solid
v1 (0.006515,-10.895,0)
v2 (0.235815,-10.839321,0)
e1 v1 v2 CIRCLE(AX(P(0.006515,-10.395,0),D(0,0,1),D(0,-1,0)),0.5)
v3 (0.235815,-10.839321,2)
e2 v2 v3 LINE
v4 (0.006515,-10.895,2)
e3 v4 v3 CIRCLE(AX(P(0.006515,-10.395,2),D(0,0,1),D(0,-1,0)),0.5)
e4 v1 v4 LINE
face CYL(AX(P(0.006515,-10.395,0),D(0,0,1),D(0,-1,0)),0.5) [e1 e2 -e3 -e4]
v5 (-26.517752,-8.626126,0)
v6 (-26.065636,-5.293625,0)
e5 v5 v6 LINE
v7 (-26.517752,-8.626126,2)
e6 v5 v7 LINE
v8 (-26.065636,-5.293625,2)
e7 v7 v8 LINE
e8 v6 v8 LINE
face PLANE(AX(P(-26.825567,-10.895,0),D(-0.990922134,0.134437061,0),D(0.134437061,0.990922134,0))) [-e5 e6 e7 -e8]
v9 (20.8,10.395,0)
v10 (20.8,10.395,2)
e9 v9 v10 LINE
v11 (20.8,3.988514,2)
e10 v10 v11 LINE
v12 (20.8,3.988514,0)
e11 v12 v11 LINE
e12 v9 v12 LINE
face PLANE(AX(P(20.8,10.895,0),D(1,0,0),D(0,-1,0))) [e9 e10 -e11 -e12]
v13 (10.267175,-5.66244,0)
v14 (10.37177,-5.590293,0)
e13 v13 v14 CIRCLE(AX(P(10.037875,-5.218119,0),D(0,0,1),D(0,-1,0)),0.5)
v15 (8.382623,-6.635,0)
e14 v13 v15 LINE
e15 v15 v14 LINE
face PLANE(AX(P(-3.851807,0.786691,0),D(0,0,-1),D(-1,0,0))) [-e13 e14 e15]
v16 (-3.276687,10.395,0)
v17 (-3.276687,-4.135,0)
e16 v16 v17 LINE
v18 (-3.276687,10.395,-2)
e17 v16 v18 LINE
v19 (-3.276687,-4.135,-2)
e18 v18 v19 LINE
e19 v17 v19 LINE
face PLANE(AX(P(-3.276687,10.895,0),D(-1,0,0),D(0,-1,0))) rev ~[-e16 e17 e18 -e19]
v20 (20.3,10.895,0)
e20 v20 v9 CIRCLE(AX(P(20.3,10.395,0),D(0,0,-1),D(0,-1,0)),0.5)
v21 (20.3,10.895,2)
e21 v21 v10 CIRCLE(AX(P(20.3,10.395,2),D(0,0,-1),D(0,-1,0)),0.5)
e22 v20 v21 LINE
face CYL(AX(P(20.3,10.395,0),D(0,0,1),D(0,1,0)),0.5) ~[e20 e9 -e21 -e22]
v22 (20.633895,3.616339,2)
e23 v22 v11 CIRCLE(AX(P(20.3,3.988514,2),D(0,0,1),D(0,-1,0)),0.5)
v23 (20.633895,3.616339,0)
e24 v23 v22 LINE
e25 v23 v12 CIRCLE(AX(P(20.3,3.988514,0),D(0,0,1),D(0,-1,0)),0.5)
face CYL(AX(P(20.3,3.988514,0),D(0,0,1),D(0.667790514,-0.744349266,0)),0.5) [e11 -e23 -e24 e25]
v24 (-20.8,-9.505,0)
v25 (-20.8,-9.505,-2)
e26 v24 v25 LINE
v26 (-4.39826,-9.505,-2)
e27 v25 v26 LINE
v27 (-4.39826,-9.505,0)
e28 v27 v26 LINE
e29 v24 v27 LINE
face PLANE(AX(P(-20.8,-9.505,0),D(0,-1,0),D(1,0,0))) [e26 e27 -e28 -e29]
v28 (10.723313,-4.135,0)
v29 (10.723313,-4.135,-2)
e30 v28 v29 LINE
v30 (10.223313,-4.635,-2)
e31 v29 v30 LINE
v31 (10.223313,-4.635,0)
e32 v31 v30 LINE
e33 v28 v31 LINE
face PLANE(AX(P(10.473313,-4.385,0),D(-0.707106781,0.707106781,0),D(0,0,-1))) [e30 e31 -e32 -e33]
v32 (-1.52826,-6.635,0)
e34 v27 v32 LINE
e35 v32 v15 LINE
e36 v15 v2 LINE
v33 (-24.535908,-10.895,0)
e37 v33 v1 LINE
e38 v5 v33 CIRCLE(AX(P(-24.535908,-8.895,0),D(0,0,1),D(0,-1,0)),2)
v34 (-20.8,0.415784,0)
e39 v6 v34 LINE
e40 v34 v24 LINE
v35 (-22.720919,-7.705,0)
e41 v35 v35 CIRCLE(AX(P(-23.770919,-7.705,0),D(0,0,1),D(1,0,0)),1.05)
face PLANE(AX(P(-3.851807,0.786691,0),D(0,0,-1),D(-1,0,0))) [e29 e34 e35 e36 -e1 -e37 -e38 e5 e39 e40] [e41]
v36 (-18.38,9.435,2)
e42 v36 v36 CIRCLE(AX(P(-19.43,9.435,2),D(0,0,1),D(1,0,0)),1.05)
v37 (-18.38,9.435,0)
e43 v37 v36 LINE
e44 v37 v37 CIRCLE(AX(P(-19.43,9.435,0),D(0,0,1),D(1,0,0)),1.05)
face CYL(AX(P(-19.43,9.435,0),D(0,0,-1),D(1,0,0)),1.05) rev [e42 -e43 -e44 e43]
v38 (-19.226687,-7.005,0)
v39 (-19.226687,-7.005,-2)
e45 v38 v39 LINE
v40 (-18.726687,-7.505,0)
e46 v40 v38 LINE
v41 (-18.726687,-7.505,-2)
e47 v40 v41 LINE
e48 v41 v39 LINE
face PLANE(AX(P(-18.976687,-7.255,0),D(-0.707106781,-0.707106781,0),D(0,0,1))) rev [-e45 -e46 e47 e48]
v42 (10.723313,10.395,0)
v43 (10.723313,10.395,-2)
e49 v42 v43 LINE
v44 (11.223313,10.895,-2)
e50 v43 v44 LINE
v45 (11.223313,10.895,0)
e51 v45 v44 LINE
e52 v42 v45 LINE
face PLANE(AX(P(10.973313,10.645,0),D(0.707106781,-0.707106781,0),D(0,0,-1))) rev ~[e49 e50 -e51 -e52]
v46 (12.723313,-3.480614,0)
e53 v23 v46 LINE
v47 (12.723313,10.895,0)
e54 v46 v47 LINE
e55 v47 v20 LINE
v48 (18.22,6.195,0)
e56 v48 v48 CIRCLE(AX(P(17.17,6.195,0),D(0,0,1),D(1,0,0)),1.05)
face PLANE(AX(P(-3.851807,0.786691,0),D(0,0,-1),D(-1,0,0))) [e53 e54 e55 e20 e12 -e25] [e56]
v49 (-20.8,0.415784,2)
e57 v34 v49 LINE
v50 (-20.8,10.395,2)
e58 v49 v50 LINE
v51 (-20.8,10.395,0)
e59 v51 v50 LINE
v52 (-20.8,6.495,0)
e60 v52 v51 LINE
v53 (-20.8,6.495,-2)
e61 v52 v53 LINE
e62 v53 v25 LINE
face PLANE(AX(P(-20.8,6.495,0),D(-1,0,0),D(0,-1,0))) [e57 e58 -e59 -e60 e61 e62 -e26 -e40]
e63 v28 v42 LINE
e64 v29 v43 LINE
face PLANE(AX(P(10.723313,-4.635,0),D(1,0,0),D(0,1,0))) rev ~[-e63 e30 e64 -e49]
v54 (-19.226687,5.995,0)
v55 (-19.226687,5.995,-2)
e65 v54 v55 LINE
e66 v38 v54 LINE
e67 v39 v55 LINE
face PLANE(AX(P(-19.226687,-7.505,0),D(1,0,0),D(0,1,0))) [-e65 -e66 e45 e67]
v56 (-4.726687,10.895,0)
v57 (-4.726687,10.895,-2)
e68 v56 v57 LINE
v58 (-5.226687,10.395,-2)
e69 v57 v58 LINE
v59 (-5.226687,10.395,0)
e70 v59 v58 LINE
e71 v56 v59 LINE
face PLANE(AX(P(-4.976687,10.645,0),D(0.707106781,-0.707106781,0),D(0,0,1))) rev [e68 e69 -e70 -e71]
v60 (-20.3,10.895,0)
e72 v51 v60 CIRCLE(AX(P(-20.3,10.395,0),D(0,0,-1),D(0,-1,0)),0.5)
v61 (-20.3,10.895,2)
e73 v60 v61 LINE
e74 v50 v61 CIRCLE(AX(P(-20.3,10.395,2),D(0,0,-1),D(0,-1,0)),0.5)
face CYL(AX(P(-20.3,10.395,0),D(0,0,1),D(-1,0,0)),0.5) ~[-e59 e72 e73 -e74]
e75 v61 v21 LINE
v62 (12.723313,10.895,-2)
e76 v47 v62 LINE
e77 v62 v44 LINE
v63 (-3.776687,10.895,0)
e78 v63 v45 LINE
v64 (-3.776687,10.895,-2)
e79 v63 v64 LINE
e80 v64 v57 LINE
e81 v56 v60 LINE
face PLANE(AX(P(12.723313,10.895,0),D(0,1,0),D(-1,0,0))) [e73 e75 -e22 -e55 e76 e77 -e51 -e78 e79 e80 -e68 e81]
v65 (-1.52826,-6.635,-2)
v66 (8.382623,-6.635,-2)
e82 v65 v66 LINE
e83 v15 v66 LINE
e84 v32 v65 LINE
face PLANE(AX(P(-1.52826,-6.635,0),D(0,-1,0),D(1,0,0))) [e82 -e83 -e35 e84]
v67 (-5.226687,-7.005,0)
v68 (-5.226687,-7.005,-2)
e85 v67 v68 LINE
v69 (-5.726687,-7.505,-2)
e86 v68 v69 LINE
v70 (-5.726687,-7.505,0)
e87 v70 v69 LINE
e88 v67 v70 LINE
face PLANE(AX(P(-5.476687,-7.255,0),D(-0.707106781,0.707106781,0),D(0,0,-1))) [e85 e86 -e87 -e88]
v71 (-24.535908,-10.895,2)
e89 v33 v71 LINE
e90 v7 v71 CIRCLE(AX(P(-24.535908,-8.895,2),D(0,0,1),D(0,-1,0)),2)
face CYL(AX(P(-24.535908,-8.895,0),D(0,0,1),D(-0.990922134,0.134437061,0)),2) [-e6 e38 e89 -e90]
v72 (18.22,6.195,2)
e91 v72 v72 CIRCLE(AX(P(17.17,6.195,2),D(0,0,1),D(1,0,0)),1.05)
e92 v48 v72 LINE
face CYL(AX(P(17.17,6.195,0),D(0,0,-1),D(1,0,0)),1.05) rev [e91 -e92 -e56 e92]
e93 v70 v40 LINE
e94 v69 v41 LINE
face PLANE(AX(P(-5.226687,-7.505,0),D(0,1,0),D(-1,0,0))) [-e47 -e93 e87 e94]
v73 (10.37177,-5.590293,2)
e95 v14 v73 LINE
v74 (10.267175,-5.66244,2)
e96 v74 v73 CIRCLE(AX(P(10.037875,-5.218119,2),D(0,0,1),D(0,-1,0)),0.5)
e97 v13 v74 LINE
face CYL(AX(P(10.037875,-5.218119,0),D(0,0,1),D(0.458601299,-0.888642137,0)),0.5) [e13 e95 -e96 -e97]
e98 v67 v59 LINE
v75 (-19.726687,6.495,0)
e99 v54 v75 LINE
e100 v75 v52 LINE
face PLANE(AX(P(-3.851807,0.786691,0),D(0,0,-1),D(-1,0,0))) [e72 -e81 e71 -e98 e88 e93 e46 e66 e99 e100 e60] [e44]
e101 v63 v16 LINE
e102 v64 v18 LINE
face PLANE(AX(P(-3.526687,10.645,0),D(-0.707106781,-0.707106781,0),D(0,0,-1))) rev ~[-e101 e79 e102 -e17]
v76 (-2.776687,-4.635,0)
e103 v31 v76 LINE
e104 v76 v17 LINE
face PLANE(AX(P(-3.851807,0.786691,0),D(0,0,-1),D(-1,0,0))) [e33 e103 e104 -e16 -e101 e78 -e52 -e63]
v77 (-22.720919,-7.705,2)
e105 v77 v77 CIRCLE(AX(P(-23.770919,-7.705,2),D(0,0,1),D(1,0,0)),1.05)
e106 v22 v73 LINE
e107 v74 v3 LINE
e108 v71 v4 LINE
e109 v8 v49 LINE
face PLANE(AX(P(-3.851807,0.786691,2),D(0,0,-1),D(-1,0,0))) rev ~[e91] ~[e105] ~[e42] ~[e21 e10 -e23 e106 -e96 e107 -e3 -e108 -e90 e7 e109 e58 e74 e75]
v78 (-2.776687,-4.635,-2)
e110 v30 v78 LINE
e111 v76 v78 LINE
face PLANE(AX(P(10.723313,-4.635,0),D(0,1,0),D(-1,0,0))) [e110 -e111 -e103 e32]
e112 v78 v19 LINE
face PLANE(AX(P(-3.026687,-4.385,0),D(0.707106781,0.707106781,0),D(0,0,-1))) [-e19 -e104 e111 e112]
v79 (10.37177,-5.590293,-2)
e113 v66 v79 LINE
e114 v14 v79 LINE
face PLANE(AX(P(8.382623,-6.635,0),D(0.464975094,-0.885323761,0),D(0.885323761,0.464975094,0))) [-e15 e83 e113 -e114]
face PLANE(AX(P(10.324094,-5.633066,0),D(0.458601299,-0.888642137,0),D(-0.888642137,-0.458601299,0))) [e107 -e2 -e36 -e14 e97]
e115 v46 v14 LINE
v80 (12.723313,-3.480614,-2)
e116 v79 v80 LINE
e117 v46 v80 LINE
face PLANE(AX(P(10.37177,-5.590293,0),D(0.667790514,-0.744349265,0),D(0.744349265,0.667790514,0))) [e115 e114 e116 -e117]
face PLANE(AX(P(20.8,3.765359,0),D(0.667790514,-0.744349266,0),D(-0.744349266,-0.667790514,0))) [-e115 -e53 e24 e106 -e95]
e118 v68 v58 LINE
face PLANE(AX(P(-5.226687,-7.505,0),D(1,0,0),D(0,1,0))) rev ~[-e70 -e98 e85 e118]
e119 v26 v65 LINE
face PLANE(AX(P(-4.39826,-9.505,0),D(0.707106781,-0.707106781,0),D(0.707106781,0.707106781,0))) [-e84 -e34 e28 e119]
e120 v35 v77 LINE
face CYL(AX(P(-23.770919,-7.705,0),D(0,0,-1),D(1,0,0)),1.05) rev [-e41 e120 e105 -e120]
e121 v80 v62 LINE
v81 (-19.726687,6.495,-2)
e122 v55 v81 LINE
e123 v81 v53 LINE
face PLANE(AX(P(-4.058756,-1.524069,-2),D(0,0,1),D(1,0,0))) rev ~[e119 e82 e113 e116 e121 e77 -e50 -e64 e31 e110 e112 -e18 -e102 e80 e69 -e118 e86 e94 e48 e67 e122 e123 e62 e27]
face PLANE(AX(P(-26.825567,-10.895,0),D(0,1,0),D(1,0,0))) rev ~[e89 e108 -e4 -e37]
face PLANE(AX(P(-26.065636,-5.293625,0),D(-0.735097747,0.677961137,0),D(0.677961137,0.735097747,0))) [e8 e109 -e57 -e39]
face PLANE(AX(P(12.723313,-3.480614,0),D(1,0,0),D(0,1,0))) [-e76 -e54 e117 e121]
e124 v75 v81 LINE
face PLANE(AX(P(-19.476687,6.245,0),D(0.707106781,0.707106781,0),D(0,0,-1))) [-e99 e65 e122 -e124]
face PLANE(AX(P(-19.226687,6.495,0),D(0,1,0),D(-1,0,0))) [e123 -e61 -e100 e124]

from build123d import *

# Parameters (mm, degrees)
ESQUISSE1_R        = 1.05
BOSS_EXTRU_1_DEPTH = 2
CONG_1_R           = 2
CONG_2_R           = 0.5
BOSS_EXTRU_2_DEPTH = 2
CHANFREIN1_SIZE    = 0.5


with BuildPart() as part:
    # Esquisse1 → Boss.-Extru.1 (new body)
    with BuildSketch(Plane.XY):
        Polygon((-20.8, 10.895), (20.8, 10.895), (20.8, 3.765359203), (10.324093605, -5.633066028), (0.127924824, -10.895), (-20.8, -10.895), (-26.825567122, -10.895), (-26.065636187, -5.293625083), (-20.8, 0.415783742), align=None)
        with Locations((17.17, 6.195)):
            Circle(ESQUISSE1_R, mode=Mode.SUBTRACT)
        with Locations((-19.43, 9.435)):
            Circle(ESQUISSE1_R, mode=Mode.SUBTRACT)
        with Locations((-23.770918846, -7.705)):
            Circle(ESQUISSE1_R, mode=Mode.SUBTRACT)
    extrude(amount=BOSS_EXTRU_1_DEPTH)

    # Congé1
    cong_1_edges = [part.edges().sort_by_distance(p)[0] for p in [
        (-26.825567122, -10.895, 1),
    ]]
    fillet(cong_1_edges, radius=CONG_1_R)

    # Congé2
    cong_2_edges = [part.edges().sort_by_distance(p)[0] for p in [
        (-20.8, 10.895, 1),
        (20.8, 10.895, 1),
        (20.8, 3.765359203, 1),
        (10.324093605, -5.633066028, 1),
        (0.127924824, -10.895, 1),
    ]]
    fillet(cong_2_edges, radius=CONG_2_R)

    # Esquisse2 → Boss.-Extru.2 (add)
    with BuildSketch(Plane(origin=(0, 0, 0), x_dir=(-1, 0, 0), z_dir=(0, 0, -1))):
        Polygon((-10.723313352, 9.373462564), (-10.723313352, -4.635), (3.276686648, -4.635), (3.276686648, 9.365), (3.276686648, 10.895), (5.226686648, 10.895), (5.226686648, 6.495), (5.226686648, -7.505), (19.226686648, -7.505), (19.226686648, 6.495), (20.8, 6.495), (20.8, -9.505), (4.398259523, -9.505), (1.528259523, -6.635), (-8.382623427, -6.635), (-10.371769863, -5.590293429), (-12.723313352, -3.480613862), (-12.723313352, 10.895), (-10.723313352, 10.895), align=None)
    extrude(amount=BOSS_EXTRU_2_DEPTH)

    # Chanfrein1
    chanfrein1_edges = [part.edges().sort_by_distance(p)[0] for p in [
        (10.723313352, 10.895, -1),
        (-19.226686648, 6.495, -1),
        (-19.226686648, -7.505, -1),
        (-5.226686648, -7.505, -1),
        (-5.226686648, 10.895, -1),
        (-3.276686648, 10.895, -1),
        (-3.276686648, -4.635, -1),
        (10.723313352, -4.635, -1),
    ]]
    chamfer(chanfrein1_edges, length=CHANFREIN1_SIZE)


solid = part.part
